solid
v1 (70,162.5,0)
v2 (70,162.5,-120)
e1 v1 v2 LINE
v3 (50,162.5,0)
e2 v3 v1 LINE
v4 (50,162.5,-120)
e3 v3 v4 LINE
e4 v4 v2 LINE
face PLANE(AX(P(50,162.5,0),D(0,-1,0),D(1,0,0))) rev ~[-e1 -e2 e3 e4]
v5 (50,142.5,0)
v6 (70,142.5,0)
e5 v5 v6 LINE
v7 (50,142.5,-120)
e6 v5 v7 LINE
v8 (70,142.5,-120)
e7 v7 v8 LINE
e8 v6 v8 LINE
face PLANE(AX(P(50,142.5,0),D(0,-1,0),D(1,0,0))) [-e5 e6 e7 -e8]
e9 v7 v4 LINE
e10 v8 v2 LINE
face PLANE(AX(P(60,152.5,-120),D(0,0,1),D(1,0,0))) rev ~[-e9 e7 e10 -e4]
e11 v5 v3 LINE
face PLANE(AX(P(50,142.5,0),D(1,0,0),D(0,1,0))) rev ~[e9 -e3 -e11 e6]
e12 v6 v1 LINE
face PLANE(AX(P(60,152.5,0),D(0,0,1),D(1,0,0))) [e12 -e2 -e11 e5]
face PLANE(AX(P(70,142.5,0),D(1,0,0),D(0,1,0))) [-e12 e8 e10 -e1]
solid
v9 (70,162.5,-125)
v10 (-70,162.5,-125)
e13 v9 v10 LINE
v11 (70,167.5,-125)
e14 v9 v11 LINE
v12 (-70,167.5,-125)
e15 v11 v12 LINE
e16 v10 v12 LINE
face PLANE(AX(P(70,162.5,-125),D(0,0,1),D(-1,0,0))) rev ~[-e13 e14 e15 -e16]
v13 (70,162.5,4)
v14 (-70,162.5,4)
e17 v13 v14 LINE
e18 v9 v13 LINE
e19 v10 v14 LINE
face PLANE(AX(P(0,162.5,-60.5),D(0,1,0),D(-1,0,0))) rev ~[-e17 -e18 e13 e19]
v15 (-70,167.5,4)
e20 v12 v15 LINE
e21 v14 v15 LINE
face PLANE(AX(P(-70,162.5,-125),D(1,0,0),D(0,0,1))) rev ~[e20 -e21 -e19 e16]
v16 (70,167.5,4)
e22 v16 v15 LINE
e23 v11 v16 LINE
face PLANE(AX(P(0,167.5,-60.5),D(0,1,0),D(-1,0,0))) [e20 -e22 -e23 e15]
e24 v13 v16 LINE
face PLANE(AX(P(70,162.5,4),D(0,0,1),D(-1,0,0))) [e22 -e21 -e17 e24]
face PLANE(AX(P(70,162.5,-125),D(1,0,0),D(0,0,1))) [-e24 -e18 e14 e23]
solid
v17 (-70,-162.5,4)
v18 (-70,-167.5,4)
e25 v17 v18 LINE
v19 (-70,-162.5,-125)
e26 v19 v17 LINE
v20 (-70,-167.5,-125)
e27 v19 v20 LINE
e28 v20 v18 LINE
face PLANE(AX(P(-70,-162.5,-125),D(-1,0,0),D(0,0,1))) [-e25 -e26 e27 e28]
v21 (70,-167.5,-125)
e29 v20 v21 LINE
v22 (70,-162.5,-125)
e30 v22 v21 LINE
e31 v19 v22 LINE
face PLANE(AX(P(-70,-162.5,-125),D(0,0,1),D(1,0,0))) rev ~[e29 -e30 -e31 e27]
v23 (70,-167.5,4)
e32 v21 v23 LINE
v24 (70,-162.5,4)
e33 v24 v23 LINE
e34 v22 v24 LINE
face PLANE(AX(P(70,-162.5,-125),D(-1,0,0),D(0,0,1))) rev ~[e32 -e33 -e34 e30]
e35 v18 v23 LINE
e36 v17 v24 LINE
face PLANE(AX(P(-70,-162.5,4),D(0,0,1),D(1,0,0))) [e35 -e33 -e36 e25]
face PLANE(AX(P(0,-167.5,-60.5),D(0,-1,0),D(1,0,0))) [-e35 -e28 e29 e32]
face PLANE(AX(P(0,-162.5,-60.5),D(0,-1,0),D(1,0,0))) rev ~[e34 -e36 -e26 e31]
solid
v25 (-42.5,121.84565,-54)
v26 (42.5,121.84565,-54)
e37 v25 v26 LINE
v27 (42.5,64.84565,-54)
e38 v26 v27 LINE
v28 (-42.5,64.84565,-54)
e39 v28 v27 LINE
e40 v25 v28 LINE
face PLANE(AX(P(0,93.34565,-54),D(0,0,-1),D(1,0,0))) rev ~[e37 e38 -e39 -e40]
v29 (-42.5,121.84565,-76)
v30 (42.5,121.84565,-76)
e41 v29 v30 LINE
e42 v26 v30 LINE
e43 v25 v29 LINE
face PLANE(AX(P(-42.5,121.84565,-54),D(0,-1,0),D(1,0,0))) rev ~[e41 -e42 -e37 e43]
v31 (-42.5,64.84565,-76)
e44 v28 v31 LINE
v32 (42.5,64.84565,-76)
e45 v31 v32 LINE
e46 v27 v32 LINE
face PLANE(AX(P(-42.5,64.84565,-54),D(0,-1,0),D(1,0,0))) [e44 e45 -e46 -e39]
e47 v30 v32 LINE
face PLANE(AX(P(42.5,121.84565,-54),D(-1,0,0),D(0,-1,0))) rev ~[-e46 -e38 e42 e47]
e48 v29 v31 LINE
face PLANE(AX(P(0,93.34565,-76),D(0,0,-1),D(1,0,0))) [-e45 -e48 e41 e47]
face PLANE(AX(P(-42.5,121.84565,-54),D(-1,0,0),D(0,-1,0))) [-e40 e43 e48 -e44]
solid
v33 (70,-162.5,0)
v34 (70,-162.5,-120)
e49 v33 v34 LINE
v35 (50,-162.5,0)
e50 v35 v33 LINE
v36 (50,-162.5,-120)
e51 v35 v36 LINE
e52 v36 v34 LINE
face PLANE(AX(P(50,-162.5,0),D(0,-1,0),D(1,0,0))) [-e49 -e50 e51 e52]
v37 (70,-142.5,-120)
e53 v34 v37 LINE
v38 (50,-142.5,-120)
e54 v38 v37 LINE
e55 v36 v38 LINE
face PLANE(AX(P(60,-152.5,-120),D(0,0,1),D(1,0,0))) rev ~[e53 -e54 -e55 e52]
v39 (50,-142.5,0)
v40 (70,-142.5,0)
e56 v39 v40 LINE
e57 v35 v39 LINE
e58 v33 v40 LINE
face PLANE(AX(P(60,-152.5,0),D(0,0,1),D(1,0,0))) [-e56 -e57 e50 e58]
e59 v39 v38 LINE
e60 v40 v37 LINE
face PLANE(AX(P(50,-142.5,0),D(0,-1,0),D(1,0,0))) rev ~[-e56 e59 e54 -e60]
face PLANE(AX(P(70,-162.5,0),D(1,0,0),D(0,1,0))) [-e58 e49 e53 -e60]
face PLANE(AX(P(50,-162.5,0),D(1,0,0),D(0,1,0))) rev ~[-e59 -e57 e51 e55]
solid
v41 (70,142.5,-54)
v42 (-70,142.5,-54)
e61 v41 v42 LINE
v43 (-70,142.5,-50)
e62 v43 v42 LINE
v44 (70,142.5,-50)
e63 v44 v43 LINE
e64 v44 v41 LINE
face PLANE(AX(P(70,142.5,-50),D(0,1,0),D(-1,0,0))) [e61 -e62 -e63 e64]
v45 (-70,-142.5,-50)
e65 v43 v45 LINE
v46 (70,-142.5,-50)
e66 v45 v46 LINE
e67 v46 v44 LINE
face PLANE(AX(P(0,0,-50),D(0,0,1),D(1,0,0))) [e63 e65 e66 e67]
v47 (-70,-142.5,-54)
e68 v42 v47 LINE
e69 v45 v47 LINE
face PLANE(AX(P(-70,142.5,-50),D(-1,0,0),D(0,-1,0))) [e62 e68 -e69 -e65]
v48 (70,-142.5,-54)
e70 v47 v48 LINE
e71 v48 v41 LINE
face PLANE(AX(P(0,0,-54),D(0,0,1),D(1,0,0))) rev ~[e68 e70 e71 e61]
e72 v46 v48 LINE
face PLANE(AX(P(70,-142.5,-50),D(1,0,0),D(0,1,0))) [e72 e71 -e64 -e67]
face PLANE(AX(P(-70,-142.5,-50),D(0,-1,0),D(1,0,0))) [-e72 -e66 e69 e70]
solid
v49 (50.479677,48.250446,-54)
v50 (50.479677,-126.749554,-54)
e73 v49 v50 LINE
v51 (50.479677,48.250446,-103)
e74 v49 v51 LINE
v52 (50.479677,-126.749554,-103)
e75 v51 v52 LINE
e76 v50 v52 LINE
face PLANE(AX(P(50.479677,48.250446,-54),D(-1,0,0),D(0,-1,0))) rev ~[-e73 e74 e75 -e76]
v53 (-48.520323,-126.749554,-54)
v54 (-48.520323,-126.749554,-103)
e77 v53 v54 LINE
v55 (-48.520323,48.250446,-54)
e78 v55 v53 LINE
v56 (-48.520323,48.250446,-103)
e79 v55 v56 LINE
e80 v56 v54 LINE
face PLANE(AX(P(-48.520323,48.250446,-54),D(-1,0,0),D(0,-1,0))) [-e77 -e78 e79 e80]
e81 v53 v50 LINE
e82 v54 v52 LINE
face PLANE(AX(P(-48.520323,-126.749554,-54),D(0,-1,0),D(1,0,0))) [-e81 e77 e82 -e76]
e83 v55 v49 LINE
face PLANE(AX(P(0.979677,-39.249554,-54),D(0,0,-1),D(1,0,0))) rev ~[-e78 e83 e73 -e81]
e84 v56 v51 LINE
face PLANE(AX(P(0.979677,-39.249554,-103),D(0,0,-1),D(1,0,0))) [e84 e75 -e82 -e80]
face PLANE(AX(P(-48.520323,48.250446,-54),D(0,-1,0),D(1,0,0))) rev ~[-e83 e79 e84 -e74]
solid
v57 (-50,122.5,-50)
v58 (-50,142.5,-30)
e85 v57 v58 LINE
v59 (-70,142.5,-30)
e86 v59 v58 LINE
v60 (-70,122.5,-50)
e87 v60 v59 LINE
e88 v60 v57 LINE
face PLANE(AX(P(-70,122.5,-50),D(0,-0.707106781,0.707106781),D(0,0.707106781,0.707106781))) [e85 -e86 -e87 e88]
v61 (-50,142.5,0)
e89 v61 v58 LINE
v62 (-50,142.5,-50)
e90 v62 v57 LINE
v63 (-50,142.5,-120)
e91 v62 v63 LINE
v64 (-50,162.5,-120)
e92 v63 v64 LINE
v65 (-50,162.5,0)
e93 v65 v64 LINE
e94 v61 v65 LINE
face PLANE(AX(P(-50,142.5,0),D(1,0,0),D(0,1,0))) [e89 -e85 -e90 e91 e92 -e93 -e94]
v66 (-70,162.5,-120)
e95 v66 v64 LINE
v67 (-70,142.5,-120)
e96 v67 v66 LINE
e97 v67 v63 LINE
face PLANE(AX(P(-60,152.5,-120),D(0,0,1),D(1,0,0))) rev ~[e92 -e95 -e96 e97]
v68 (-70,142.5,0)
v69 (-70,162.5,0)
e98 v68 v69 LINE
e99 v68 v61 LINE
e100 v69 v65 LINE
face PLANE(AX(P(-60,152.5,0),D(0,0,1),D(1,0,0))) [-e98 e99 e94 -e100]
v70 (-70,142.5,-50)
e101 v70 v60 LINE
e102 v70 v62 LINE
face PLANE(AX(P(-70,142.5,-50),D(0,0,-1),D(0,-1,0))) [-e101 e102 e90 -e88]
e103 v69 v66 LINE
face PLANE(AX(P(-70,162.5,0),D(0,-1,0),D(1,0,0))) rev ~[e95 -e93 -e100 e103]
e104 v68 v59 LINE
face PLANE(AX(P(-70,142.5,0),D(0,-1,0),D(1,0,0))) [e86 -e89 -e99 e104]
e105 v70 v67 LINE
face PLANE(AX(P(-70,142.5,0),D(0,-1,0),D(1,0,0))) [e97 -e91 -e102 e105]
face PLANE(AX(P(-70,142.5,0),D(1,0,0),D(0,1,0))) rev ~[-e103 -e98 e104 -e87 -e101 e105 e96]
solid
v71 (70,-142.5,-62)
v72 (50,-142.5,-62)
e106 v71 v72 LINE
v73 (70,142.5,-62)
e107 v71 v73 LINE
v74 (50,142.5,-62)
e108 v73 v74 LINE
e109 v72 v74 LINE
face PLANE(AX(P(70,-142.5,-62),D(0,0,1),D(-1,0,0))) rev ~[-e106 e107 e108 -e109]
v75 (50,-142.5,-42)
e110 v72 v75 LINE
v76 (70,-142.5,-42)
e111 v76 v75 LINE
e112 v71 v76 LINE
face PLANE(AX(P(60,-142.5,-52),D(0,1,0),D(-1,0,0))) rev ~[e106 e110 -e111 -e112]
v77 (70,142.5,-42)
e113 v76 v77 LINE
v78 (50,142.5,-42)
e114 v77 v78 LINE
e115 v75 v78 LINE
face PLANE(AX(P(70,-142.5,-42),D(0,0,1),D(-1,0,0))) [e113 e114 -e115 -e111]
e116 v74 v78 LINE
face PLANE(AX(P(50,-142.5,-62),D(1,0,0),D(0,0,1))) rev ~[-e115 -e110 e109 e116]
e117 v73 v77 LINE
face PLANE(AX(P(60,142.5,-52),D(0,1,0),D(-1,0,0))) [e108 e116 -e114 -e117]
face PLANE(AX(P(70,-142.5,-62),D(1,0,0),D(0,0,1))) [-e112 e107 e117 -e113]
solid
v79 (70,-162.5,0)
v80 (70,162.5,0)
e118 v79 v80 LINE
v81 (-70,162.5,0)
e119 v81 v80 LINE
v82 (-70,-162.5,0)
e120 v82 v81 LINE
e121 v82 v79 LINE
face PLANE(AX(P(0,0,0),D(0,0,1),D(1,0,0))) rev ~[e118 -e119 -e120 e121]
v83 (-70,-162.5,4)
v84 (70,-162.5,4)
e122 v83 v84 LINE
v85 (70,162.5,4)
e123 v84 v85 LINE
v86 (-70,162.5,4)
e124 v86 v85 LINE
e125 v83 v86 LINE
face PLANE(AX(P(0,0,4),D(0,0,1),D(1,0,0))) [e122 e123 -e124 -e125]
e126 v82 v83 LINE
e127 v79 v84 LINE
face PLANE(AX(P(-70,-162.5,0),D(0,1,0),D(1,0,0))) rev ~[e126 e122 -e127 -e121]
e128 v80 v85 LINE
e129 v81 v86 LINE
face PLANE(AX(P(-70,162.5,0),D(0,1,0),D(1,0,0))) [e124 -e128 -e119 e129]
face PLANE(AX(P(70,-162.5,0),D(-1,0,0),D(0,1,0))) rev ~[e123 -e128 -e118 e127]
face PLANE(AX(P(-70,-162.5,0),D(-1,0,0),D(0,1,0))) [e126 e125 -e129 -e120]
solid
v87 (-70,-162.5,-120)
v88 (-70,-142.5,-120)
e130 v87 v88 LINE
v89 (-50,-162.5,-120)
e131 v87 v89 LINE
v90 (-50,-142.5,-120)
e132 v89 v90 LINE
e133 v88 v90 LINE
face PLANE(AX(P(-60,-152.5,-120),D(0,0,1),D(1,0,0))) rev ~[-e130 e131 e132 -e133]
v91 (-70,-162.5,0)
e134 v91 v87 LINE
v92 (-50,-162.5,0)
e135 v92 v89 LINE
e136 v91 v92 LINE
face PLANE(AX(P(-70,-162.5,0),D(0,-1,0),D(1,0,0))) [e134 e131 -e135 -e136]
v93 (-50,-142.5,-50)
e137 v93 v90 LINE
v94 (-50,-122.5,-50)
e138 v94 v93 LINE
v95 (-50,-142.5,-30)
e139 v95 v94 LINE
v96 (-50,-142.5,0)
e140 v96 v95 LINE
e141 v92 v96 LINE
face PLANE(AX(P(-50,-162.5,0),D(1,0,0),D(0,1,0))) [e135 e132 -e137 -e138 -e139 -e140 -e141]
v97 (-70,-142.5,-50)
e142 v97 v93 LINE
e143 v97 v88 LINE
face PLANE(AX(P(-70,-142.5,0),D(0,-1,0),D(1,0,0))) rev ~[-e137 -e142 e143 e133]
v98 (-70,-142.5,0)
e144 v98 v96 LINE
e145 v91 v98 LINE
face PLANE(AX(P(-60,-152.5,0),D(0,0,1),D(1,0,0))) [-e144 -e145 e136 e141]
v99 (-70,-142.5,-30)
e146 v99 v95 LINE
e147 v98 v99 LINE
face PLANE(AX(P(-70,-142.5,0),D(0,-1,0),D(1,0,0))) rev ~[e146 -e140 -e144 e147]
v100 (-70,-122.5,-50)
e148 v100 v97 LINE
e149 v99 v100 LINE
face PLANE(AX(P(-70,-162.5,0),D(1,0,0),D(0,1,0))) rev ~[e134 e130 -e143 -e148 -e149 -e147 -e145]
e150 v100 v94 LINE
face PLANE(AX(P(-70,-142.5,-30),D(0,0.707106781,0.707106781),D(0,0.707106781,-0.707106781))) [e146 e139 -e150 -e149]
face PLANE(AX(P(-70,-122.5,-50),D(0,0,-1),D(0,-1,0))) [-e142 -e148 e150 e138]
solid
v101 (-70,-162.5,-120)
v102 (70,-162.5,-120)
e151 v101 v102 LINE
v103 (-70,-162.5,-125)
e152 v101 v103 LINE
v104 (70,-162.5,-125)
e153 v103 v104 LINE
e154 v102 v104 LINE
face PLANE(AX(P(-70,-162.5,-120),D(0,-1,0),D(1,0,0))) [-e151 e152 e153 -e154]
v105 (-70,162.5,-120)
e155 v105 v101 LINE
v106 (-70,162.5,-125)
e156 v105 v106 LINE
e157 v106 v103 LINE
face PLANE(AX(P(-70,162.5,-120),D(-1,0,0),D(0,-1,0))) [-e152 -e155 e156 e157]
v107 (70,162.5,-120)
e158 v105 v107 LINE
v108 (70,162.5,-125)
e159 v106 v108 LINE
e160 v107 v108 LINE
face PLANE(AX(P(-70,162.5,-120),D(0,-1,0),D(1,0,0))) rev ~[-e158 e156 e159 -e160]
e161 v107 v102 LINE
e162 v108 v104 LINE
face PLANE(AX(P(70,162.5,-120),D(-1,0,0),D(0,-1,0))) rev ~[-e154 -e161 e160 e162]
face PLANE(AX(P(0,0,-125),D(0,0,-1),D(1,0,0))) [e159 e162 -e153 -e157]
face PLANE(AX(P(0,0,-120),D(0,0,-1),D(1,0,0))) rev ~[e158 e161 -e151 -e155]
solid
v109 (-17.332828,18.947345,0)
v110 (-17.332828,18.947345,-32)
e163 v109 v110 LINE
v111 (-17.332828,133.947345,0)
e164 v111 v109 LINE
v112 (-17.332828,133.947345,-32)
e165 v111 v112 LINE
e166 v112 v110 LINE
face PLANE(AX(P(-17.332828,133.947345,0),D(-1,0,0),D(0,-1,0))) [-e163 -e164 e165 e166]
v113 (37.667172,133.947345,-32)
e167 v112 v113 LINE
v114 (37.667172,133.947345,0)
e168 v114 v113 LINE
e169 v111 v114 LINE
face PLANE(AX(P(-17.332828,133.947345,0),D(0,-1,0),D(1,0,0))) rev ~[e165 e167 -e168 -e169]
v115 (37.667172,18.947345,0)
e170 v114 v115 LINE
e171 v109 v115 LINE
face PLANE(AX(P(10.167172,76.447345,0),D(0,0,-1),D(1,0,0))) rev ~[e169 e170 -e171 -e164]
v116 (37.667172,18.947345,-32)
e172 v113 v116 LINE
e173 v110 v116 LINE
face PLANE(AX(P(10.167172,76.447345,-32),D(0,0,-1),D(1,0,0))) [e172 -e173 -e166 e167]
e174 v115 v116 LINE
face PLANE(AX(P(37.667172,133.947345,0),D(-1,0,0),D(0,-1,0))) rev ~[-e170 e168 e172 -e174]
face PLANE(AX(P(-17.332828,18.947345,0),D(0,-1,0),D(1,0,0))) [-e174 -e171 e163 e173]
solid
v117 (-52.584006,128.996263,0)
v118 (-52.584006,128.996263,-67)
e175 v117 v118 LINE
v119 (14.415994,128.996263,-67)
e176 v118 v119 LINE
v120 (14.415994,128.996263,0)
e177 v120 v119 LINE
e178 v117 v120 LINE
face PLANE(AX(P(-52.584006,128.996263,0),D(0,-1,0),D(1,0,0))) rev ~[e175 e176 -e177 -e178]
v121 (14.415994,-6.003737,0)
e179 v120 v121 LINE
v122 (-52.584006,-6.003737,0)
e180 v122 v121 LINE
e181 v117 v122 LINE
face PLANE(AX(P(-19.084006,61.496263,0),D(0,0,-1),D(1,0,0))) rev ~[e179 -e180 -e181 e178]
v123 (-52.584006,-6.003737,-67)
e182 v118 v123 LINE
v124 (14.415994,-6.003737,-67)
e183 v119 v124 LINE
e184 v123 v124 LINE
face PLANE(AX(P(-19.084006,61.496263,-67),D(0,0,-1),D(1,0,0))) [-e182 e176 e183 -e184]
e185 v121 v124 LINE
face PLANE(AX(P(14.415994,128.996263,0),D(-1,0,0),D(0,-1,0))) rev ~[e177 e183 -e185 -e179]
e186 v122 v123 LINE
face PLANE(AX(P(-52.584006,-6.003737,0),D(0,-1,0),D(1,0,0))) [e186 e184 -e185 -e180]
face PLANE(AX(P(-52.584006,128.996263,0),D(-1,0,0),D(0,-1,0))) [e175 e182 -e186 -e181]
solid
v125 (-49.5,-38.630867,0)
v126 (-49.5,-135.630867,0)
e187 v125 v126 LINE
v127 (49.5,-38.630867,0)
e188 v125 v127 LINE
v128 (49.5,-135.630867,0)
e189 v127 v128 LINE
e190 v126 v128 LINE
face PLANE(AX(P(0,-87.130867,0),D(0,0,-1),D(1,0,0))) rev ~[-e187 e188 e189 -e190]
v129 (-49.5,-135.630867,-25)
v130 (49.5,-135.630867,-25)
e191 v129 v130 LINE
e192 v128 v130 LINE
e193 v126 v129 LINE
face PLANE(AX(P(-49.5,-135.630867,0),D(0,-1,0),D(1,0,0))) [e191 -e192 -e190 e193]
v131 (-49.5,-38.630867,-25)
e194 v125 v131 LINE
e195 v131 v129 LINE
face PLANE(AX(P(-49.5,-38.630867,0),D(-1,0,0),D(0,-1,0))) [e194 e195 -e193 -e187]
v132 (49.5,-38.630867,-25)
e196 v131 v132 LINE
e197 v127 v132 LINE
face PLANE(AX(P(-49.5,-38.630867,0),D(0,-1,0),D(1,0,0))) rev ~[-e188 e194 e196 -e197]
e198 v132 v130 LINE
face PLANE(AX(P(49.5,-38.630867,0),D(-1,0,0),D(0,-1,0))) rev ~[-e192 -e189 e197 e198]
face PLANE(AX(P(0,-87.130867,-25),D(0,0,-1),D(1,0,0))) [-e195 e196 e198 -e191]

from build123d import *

# Parameters (mm, degrees)
F1_W      = 140
F1_H      = 325
F2_DEPTH  = 4
F0_W      = 20
F0_H      = 20
F3_DEPTH  = 120
F6_DEPTH  = 4
F7_W      = 55
F7_H      = 115
F8_DEPTH  = 32
F9_W      = 99
F9_H      = 175
F10_DEPTH = 49
F12_W     = 99
F12_H     = 97
F13_DEPTH = 25
F14_W     = 85
F14_H     = 57
F15_DEPTH = 22
F16_W     = 140
F16_H     = 325
F17_DEPTH = 5
F20_W     = 140
F20_H     = 129
F21_DEPTH = 5
F22_W     = 140
F22_H     = 129
F23_DEPTH = 5
F24_W     = 67
F24_H     = 135
F25_DEPTH = 67
F26_DEPTH = 20
F27_W     = 20
F27_H     = 20
F28_DEPTH = 285


with BuildPart() as f2:
    # F1 (on Top) → F2 (new body)
    with BuildSketch(Plane.XY):
        Rectangle(F1_W, F1_H)
    extrude(amount=F2_DEPTH)


with BuildPart() as f3:
    # F0 (on Top) → F3 (new body)
    with BuildSketch(Plane.XY):
        with Locations((60, -152.5)):
            Rectangle(F0_W, F0_H)
        with Locations((-60, -152.5)):
            Rectangle(F0_W, F0_H)
        with Locations((-60, 152.5)):
            Rectangle(F0_W, F0_H)
        with Locations((60, 152.5)):
            Rectangle(F0_W, F0_H)
    extrude(amount=-F3_DEPTH)

    # F18 (on face) → F26 (join)
    with BuildSketch(Plane(origin=(-70, 0, 0), x_dir=(0, -1, 0), z_dir=(-1, 0, 0))):
        Polygon((-142.5, -50), (-122.5, -50), (-142.5, -30), align=None)
        Polygon((122.5, -50), (142.5, -50), (142.5, -30), align=None)
    extrude(amount=-F26_DEPTH)


with BuildPart() as f6:
    # F5 (on offset) → F6 (new body)
    with BuildSketch(Plane.XY.offset(-50)):
        Polygon((50, -142.5), (70, -142.5), (70, 142.5), (50, 142.5), (-50, 142.5), (-70, 142.5), (-70, -142.5), (-50, -142.5), align=None)
    extrude(amount=-F6_DEPTH)


with BuildPart() as f8:
    # F7 (on face) → F8 (new body)
    with BuildSketch(Plane(origin=(0, 0, 0), x_dir=(1, 0, 0), z_dir=(0, 0, -1))):
        with Locations((10.1671721786, -76.4473453164)):
            Rectangle(F7_W, F7_H)
    extrude(amount=F8_DEPTH)


with BuildPart() as f10:
    # F9 (on face) → F10 (new body)
    with BuildSketch(Plane(origin=(0, 0, -54), x_dir=(1, 0, 0), z_dir=(0, 0, -1))):
        with Locations((0.9796765745, 39.2495542765)):
            Rectangle(F9_W, F9_H)
    extrude(amount=F10_DEPTH)


with BuildPart() as f13:
    # F12 (on face) → F13 (new body)
    with BuildSketch(Plane(origin=(0, 0, 0), x_dir=(1, 0, 0), z_dir=(0, 0, -1))):
        with Locations((0, 87.1308669448)):
            Rectangle(F12_W, F12_H)
    extrude(amount=F13_DEPTH)


with BuildPart() as f15:
    # F14 (on face) → F15 (new body)
    with BuildSketch(Plane(origin=(0, 0, -54), x_dir=(1, 0, 0), z_dir=(0, 0, -1))):
        with Locations((0, -93.3456495404)):
            Rectangle(F14_W, F14_H)
    extrude(amount=F15_DEPTH)


with BuildPart() as f17:
    # F16 (on face) → F17 (new body)
    with BuildSketch(Plane(origin=(0, 0, -120), x_dir=(1, 0, 0), z_dir=(0, 0, -1))):
        Rectangle(F16_W, F16_H)
    extrude(amount=F17_DEPTH)


with BuildPart() as f21:
    # F20 (on face) → F21 (new body)
    with BuildSketch(Plane(origin=(0, 162.5, 0), x_dir=(-1, 0, 0), z_dir=(0, 1, 0))):
        with Locations((0, -60.5)):
            Rectangle(F20_W, F20_H)
    extrude(amount=F21_DEPTH)


with BuildPart() as f23:
    # F22 (on face) → F23 (new body)
    with BuildSketch(Plane.XZ.offset(162.5)):
        with Locations((0, -60.5)):
            Rectangle(F22_W, F22_H)
    extrude(amount=F23_DEPTH)


with BuildPart() as f25:
    # F24 (on face) → F25 (new body)
    with BuildSketch(Plane(origin=(0, 0, 0), x_dir=(1, 0, 0), z_dir=(0, 0, -1))):
        with Locations((-19.0840058278, -61.4962626398)):
            Rectangle(F24_W, F24_H)
    extrude(amount=F25_DEPTH)


with BuildPart() as f28:
    # F27 (on face) → F28 (new body, through all)
    with BuildSketch(Plane(origin=(0, -142.5, 0), x_dir=(-1, 0, 0), z_dir=(0, 1, 0))):
        with Locations((-60, -52)):
            Rectangle(F27_W, F27_H)
    extrude(amount=F28_DEPTH)


solid = Compound([f2.part, f3.part, f6.part, f8.part, f10.part, f13.part, f15.part, f17.part, f21.part, f23.part, f25.part, f28.part])
